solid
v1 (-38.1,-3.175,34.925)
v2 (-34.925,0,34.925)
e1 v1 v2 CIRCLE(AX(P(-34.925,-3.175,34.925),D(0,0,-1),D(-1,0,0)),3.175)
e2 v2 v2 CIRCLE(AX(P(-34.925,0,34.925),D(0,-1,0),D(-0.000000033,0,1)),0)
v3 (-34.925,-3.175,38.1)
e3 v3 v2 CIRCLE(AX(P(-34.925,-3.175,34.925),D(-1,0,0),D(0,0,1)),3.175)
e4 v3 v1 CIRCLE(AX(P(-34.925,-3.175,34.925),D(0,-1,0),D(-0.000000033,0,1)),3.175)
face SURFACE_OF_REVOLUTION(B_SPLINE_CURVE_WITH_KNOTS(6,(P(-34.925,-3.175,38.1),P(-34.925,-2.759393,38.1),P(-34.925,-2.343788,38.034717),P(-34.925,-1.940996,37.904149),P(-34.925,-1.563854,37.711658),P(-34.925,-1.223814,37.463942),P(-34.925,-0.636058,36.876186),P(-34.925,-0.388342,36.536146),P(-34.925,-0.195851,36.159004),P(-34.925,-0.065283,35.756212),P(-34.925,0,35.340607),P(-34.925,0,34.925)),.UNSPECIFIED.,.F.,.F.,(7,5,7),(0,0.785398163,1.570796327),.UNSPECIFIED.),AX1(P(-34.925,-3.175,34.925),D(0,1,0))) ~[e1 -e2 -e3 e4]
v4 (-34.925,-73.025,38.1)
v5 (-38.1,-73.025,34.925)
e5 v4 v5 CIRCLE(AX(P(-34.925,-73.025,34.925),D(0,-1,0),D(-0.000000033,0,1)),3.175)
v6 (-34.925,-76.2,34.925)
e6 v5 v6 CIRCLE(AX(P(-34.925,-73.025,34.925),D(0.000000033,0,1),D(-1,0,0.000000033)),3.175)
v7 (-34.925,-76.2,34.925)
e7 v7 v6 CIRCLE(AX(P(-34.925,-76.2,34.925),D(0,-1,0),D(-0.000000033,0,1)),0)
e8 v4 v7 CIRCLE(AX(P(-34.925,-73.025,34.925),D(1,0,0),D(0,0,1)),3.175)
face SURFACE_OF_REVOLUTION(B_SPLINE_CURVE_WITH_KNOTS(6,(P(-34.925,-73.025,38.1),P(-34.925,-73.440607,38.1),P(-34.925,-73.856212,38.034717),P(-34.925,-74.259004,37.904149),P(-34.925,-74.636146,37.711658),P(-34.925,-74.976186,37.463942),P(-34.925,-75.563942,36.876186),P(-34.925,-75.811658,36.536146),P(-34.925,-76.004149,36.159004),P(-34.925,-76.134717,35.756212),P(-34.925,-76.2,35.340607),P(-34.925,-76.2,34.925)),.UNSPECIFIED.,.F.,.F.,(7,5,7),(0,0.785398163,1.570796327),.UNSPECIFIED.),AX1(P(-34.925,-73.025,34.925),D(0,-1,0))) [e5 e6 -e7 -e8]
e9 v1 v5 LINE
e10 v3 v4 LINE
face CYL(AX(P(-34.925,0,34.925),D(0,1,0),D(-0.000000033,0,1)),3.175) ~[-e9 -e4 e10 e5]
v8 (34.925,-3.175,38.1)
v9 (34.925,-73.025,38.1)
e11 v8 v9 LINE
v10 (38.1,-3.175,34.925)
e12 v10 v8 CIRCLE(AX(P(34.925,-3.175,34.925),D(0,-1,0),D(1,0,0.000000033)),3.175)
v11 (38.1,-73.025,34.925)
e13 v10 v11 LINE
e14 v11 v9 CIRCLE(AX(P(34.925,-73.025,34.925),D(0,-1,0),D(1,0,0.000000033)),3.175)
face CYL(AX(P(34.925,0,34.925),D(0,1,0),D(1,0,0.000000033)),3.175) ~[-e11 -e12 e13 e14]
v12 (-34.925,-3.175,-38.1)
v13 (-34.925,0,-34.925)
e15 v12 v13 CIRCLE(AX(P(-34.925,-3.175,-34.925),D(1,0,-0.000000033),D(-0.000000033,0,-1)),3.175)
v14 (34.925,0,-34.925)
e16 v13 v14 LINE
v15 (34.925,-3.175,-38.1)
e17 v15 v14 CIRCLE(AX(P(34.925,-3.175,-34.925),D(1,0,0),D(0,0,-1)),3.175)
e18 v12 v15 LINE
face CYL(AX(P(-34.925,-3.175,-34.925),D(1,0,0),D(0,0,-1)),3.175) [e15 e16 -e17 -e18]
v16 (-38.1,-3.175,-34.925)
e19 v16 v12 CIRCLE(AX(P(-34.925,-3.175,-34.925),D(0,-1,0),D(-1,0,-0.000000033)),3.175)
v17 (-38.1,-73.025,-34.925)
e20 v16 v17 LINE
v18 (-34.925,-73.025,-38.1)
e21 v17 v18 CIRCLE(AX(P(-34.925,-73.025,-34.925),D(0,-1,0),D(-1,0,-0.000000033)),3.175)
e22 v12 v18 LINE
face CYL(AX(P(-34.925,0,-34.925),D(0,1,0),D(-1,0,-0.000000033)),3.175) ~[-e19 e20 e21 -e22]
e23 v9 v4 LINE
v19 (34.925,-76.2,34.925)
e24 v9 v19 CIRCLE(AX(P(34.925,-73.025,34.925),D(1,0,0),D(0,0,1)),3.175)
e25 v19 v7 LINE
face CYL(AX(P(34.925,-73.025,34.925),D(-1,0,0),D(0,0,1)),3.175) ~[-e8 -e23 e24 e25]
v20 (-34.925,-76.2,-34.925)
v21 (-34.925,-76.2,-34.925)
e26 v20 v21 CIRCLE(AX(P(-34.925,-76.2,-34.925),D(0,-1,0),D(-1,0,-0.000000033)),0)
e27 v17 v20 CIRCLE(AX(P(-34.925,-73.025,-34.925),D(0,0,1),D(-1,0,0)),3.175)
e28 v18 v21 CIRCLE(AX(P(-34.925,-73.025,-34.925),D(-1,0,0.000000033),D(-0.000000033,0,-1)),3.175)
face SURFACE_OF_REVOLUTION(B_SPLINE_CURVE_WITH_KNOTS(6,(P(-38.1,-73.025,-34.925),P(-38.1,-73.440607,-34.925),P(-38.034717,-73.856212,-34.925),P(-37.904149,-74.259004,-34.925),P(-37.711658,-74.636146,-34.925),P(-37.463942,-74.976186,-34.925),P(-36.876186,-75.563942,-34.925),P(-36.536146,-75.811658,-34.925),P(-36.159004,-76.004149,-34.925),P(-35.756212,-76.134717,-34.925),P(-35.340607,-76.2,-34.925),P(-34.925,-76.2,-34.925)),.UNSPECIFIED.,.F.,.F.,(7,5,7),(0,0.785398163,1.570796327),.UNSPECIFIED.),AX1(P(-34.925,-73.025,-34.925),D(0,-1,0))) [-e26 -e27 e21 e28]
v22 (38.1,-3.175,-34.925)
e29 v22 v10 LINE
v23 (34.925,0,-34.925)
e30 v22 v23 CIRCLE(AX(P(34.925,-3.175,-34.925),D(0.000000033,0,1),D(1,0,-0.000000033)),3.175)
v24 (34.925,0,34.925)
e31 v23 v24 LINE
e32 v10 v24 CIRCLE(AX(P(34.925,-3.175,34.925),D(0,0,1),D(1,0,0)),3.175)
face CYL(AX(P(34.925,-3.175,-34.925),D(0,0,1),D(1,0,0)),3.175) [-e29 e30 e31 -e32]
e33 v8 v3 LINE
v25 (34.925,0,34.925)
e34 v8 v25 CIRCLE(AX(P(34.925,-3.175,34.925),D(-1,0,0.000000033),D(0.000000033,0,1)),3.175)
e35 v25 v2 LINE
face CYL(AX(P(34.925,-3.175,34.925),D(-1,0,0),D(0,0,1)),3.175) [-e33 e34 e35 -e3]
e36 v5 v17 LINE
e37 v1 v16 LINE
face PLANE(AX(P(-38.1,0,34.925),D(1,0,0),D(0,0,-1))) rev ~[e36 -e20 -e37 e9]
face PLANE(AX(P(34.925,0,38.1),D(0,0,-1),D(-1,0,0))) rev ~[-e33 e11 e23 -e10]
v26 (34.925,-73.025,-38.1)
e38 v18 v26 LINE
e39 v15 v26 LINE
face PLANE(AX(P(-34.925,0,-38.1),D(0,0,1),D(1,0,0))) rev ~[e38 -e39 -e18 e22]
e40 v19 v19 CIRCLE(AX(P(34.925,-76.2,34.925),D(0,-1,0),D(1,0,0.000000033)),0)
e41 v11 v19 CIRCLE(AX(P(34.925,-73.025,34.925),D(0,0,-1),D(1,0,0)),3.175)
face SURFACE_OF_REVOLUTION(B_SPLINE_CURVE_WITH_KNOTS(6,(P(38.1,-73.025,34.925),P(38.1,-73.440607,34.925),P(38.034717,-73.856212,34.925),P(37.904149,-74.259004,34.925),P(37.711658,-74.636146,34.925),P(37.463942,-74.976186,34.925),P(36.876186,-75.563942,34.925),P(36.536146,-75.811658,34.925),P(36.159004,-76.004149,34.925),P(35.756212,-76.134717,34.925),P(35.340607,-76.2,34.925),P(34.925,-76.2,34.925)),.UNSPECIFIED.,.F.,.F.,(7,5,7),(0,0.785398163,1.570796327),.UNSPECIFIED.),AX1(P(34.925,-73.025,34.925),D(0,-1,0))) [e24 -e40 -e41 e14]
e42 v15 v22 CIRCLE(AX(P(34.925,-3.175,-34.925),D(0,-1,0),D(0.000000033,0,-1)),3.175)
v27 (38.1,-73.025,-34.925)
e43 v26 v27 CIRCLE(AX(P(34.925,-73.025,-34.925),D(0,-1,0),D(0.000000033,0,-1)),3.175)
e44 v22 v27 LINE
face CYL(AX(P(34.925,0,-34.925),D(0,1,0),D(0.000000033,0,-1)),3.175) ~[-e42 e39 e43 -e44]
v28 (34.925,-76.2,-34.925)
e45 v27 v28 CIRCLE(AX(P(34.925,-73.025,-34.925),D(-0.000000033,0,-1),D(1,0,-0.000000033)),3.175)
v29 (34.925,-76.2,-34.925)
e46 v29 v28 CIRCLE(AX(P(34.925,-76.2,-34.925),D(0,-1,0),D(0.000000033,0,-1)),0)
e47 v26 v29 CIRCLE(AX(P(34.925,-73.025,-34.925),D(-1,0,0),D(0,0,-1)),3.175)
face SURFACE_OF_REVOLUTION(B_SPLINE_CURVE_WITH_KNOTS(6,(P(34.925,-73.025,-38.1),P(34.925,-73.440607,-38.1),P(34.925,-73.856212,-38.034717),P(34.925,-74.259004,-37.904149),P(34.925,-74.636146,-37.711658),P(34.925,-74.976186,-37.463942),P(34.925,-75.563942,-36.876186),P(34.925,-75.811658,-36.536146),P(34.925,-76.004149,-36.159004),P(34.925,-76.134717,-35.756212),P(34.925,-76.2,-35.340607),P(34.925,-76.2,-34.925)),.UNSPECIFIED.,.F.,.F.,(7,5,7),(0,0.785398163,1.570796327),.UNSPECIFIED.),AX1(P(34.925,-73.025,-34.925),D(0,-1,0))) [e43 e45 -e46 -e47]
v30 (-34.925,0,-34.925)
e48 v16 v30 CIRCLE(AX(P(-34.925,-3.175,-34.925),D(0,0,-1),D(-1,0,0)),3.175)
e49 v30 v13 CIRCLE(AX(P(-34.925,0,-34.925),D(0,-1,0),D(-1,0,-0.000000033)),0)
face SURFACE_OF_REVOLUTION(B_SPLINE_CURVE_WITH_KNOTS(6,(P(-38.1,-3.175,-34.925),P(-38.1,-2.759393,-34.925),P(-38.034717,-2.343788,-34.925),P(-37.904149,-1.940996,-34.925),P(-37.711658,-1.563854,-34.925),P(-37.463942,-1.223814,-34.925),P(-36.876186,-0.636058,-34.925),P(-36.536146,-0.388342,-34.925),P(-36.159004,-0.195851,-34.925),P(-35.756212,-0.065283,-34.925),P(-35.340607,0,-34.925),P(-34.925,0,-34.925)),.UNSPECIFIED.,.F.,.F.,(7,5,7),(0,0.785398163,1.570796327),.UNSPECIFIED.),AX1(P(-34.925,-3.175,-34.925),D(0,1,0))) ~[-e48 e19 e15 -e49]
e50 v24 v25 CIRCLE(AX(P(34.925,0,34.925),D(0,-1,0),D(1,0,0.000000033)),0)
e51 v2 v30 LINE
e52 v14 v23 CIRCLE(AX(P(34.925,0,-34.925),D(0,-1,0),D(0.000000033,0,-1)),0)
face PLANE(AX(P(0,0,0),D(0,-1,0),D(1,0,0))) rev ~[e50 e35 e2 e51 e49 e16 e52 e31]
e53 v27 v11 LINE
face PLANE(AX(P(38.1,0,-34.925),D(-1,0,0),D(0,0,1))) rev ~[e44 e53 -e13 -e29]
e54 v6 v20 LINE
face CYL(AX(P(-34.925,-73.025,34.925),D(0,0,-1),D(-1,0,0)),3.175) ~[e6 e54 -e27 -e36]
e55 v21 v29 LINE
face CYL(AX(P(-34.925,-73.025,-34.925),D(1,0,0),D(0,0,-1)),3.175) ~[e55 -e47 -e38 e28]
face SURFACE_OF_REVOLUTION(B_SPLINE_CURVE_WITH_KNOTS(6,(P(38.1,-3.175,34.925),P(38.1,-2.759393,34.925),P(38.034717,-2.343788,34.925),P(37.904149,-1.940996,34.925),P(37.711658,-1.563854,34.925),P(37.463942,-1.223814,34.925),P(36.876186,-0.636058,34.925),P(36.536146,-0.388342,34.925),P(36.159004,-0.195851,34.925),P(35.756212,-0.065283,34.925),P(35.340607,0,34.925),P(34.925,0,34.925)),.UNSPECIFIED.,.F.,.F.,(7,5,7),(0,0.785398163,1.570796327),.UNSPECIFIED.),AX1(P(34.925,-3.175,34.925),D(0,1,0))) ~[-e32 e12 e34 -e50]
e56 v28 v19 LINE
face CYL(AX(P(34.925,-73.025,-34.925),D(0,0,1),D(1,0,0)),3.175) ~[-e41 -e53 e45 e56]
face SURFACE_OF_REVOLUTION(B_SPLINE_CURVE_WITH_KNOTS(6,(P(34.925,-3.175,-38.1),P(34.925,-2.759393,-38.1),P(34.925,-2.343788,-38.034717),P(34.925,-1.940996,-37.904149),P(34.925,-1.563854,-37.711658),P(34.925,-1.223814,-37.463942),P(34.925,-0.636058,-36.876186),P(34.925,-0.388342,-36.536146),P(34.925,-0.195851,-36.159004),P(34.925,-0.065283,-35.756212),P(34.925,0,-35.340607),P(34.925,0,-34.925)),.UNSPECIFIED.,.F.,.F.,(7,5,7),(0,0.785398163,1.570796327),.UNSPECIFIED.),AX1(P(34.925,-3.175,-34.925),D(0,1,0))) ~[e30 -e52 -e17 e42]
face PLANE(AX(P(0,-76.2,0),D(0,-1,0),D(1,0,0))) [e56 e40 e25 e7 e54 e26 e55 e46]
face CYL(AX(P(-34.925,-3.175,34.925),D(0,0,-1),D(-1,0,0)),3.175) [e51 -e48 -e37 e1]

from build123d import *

# Parameters (mm, degrees)
F1_DEPTH = 76.2
F2_R     = 3.175


with BuildPart() as f1:
    # F0 (on Front) → F1 (new body)
    with BuildSketch(Plane.XZ):
        with BuildLine():
            Line((34.925, 38.1), (-34.925, 38.1))
            ThreePointArc((-34.925, 38.1), (-37.170064, 37.170064), (-38.1, 34.925))
            Line((-38.1, 34.925), (-38.1, -34.925))
            ThreePointArc((-38.1, -34.925), (-37.170064, -37.170064), (-34.925, -38.1))
            Line((-34.925, -38.1), (34.925, -38.1))
            ThreePointArc((34.925, -38.1), (37.170064, -37.170064), (38.1, -34.925))
            Line((38.1, -34.925), (38.1, 34.925))
            ThreePointArc((38.1, 34.925), (37.170064, 37.170064), (34.925, 38.1))
        make_face()
    extrude(amount=F1_DEPTH)

    # F2
    f2_edges = [f1.edges().sort_by_distance(p)[0] for p in [
        (0, -76.2, 38.1),
        (-38.1, -76.2, 0),
        (0, -76.2, -38.1),
        (38.1, -76.2, 0),
        (-38.1, 0, 0),
    ]]
    fillet(f2_edges, radius=F2_R)


solid = f1.part
